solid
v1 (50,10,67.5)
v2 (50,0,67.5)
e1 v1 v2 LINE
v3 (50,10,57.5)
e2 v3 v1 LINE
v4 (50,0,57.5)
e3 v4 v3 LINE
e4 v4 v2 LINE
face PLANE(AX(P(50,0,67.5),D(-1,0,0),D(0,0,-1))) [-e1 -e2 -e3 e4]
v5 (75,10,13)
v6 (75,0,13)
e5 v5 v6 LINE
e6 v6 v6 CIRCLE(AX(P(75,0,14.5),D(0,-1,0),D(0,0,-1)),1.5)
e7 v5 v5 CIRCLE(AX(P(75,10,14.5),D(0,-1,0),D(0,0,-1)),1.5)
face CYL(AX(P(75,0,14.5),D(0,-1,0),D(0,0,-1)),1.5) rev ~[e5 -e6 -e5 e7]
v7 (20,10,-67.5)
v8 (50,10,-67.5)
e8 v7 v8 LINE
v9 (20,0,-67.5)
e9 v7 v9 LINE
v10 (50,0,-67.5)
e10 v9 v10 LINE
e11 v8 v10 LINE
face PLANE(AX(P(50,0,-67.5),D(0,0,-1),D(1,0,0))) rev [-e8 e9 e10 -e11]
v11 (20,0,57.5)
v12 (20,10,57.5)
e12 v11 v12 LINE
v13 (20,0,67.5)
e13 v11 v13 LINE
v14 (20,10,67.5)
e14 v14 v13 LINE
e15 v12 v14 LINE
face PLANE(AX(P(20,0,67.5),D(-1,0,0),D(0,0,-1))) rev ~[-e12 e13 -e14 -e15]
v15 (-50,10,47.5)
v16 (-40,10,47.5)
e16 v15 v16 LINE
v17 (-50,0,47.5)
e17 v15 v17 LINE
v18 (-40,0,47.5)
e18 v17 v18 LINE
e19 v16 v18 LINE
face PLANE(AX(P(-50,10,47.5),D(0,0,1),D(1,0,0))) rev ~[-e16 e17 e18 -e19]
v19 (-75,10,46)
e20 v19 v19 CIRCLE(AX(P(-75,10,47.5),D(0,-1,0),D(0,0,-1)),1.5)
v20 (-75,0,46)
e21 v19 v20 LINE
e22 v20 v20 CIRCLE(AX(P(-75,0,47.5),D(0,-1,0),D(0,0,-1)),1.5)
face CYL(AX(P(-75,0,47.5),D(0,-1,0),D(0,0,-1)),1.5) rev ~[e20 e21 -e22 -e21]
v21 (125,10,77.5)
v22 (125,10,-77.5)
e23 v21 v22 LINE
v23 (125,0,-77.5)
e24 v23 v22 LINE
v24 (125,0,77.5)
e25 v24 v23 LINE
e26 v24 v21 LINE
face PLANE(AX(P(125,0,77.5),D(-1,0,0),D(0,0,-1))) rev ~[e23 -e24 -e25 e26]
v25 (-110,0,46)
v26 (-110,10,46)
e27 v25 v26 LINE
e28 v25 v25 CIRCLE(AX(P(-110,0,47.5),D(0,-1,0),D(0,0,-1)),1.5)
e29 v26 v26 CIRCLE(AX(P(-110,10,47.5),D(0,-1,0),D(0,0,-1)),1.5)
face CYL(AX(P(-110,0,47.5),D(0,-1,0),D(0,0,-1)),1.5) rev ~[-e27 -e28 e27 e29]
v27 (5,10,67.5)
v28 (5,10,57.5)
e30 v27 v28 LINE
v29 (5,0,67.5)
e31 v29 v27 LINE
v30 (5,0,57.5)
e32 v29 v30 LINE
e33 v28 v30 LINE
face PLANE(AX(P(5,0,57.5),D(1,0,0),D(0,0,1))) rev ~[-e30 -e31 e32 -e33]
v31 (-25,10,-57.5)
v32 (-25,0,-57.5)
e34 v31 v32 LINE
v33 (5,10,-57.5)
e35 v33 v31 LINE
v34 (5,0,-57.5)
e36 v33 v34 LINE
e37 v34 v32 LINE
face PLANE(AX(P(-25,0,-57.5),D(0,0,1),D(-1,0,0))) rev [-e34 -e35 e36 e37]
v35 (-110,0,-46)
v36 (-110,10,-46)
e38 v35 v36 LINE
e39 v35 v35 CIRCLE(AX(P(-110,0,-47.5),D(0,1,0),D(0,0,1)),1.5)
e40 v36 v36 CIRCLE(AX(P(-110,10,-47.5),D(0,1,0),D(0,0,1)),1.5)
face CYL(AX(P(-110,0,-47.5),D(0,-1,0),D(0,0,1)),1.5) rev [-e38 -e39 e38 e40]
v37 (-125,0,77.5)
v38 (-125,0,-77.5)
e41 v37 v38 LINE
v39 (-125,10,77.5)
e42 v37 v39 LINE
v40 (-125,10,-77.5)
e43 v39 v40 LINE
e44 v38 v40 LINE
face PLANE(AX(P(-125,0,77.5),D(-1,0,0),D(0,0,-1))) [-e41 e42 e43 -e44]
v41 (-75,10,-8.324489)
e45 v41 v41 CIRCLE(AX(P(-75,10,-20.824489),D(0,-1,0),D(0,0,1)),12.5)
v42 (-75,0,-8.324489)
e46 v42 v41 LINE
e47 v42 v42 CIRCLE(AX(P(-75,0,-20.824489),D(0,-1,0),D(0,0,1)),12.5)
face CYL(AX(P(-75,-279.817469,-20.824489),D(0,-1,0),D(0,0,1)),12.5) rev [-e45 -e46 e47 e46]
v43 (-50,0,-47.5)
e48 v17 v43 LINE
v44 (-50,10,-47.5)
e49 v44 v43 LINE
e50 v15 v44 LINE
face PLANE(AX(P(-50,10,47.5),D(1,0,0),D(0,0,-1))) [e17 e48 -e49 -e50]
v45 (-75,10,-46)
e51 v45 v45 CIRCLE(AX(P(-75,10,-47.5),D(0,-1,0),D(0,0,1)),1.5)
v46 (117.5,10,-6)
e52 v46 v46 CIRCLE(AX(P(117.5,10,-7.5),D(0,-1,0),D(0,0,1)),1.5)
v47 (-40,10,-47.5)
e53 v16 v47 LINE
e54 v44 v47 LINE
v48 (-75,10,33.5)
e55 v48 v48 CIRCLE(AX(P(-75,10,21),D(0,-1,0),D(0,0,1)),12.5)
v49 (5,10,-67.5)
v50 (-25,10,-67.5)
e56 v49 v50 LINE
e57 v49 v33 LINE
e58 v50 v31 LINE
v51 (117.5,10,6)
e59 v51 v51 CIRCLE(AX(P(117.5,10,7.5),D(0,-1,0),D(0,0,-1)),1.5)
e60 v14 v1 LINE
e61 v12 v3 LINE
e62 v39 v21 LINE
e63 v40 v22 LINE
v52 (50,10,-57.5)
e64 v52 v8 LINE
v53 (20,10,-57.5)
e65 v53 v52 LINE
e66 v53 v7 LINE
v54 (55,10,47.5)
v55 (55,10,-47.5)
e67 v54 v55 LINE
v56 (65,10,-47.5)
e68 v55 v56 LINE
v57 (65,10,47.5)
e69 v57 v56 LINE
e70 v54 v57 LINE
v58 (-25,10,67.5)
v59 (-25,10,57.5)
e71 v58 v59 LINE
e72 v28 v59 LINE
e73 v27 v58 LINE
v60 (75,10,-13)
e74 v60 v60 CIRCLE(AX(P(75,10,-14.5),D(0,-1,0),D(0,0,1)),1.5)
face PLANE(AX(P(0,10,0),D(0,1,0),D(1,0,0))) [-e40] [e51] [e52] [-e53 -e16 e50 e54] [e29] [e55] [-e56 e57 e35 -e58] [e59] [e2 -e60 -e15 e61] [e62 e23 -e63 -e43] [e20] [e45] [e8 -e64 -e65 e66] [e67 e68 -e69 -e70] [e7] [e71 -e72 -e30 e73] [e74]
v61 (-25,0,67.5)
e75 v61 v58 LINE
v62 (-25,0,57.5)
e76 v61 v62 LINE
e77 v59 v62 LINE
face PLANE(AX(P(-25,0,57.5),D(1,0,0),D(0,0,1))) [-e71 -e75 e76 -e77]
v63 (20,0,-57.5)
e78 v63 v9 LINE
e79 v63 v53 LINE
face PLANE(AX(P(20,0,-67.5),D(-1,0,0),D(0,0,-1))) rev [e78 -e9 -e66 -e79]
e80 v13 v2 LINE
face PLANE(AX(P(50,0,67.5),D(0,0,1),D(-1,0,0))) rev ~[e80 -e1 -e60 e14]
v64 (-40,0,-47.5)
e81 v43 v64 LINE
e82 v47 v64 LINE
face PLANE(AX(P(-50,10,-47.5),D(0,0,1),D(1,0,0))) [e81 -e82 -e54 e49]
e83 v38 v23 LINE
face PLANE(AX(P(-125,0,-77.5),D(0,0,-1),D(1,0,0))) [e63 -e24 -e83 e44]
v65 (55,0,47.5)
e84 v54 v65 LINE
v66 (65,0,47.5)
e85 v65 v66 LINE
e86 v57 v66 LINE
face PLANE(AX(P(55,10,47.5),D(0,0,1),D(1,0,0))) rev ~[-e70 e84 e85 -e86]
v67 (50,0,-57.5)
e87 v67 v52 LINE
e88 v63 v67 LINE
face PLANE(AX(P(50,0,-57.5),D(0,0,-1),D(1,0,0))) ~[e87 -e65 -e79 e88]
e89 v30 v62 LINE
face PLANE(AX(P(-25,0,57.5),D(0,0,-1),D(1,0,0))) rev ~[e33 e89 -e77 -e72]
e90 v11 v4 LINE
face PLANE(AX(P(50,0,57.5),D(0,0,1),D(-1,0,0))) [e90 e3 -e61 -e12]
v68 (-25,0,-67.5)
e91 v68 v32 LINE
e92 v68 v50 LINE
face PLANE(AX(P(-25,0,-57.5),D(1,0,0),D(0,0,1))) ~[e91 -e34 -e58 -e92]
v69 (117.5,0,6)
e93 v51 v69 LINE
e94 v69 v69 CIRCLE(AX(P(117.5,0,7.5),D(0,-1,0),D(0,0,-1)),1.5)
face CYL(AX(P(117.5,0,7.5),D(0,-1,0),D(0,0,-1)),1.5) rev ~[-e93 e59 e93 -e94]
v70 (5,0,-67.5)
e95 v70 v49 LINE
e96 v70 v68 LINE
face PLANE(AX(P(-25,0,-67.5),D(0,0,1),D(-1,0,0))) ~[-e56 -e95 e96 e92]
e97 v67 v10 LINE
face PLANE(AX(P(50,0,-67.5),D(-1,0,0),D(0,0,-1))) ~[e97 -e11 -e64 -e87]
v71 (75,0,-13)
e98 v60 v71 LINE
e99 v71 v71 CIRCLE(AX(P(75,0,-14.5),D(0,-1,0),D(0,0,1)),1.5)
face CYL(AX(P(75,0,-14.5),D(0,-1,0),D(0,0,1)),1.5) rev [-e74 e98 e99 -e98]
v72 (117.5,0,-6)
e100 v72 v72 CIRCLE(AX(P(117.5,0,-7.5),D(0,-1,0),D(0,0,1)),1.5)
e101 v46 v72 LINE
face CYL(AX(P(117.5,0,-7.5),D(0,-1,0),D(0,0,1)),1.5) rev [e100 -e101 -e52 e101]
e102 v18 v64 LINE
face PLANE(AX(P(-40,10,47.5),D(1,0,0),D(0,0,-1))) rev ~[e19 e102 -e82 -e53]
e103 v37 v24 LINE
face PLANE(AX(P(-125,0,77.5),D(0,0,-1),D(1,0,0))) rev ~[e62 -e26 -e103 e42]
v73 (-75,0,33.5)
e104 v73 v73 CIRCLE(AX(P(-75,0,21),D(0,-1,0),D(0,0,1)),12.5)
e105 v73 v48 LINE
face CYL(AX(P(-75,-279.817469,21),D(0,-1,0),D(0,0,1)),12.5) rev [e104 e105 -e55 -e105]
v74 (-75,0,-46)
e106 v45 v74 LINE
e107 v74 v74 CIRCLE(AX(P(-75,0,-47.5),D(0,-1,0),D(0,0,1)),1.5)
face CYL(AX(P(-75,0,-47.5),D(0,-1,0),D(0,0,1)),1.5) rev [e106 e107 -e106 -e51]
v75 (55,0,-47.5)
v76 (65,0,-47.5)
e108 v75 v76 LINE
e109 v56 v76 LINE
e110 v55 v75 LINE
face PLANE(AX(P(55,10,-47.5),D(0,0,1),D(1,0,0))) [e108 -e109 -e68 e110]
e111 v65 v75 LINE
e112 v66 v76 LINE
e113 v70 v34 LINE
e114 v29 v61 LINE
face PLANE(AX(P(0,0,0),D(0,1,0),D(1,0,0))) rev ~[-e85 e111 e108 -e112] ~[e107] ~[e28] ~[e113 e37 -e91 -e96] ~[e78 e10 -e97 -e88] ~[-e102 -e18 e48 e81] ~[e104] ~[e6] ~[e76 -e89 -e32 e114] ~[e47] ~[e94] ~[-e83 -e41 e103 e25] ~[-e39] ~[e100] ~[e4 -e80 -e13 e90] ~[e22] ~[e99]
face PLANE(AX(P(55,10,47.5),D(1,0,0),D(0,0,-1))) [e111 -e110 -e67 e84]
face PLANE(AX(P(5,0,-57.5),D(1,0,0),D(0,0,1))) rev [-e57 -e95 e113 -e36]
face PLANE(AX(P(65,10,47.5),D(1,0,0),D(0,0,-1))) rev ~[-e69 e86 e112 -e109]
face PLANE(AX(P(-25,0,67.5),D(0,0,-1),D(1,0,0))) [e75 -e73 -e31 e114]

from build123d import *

# Parameters (mm, degrees)
SKETCH4_W               = 250
SKETCH4_H               = 155
BOSS_EXTRUDE2_DEPTH     = 10
SKETCH5_R               = 1.5
CUT_EXTRUDE1_DEPTH      = 10
SKETCH6_R               = 1.5
CUT_EXTRUDE2_DEPTH      = 148.415229878
CUT_EXTRUDE4_DEPTH      = 299.317469373
CUT_EXTRUDE4_DEPTH_BACK = 299.317469373
SKETCH8_R               = 12.5
SKETCH10_R              = 1.5
CUT_EXTRUDE5_DEPTH      = 148.415229878
SKETCH11_W              = 30
SKETCH11_H              = 10
CUT_EXTRUDE6_DEPTH      = 148.415229878
SKETCH12_W              = 30
SKETCH12_H              = 10
CUT_EXTRUDE7_DEPTH      = 148.415229878
SKETCH14_R              = 1.5
CUT_EXTRUDE8_DEPTH      = 148.415229878
SKETCH16_W              = 10
SKETCH16_H              = 95
CUT_EXTRUDE9_DEPTH      = 10


with BuildPart() as part:
    # Sketch4 → Boss-Extrude2 (new body)
    with BuildSketch(Plane(origin=(0, 0, 0), x_dir=(1, 0, 0), z_dir=(0, 1, 0))):
        Rectangle(SKETCH4_W, SKETCH4_H)
    extrude(amount=BOSS_EXTRUDE2_DEPTH)

    # Sketch5 → Cut-Extrude1 (cut)
    with BuildSketch(Plane.XZ):
        with Locations(Location((-110, 47.5, 0), (0, 0, 270))):
            Circle(SKETCH5_R)
    cut_extrude1 = extrude(amount=-CUT_EXTRUDE1_DEPTH, mode=Mode.SUBTRACT)

    # Mirror1: Cut-Extrude1 across plane
    add(cut_extrude1.mirror(Plane.XY), mode=Mode.SUBTRACT)

    # Sketch6 → Cut-Extrude2 (cut, symmetric)
    with BuildSketch(Plane.XZ):
        with Locations(Location((75, 14.5, 0), (0, 0, 270))):
            Circle(SKETCH6_R)
    cut_extrude2 = extrude(amount=CUT_EXTRUDE2_DEPTH, both=True, mode=Mode.SUBTRACT)

    # Mirror2: Cut-Extrude2 across plane
    add(cut_extrude2.mirror(Plane.XY), mode=Mode.SUBTRACT)

    # Sketch8 → Cut-Extrude4 (cut, two sides: drawn at the far end of the back side and taken through both)
    with BuildSketch(Plane(origin=(-47.523167836, 19.5, 165.087755447), x_dir=(1, 0, 0), z_dir=(0, 1, 0)).offset(-CUT_EXTRUDE4_DEPTH_BACK)):
        with Locations(Location((-27.476832164, 144.087755447, 0), (0, 0, 270))):
            Circle(SKETCH8_R)
        with Locations(Location((-27.476832164, 185.912244553, 0), (0, 0, 270))):
            Circle(SKETCH8_R)
    extrude(amount=CUT_EXTRUDE4_DEPTH + CUT_EXTRUDE4_DEPTH_BACK, mode=Mode.SUBTRACT)

    # Sketch10 → Cut-Extrude5 (cut, symmetric)
    with BuildSketch(Plane(origin=(0, 0, 0), x_dir=(-1, 0, 0), z_dir=(0, -1, 0))):
        with Locations(Location((75, -47.5, 0), (0, 0, 90))):
            Circle(SKETCH10_R)
    cut_extrude5 = extrude(amount=CUT_EXTRUDE5_DEPTH, both=True, mode=Mode.SUBTRACT)

    # Mirror3: Cut-Extrude5 across plane
    add(cut_extrude5.mirror(Plane.XY), mode=Mode.SUBTRACT)

    # Sketch11 → Cut-Extrude6 (cut, symmetric)
    with BuildSketch(Plane.XZ):
        with Locations((-10, 62.5)):
            Rectangle(SKETCH11_W, SKETCH11_H)
    cut_extrude6 = extrude(amount=CUT_EXTRUDE6_DEPTH, both=True, mode=Mode.SUBTRACT)

    # Sketch12 → Cut-Extrude7 (cut, symmetric)
    with BuildSketch(Plane(origin=(0, 0, 0), x_dir=(-1, 0, 0), z_dir=(0, -1, 0))):
        with Locations((-35, -62.5)):
            Rectangle(SKETCH12_W, SKETCH12_H)
    cut_extrude7 = extrude(amount=CUT_EXTRUDE7_DEPTH, both=True, mode=Mode.SUBTRACT)

    # Mirror4: Cut-Extrude6, Cut-Extrude7 across plane
    add(cut_extrude6.mirror(Plane.XY), mode=Mode.SUBTRACT)
    add(cut_extrude7.mirror(Plane.XY), mode=Mode.SUBTRACT)

    # Sketch14 → Cut-Extrude8 (cut, symmetric)
    with BuildSketch(Plane.XZ):
        with Locations(Location((117.5, 7.5, 0), (0, 0, 270))):
            Circle(SKETCH14_R)
    cut_extrude8 = extrude(amount=CUT_EXTRUDE8_DEPTH, both=True, mode=Mode.SUBTRACT)

    # Mirror5: Cut-Extrude8 across plane
    add(cut_extrude8.mirror(Plane.XY), mode=Mode.SUBTRACT)

    # Sketch16 → Cut-Extrude9 (cut)
    with BuildSketch(Plane(origin=(-47.523167836, 10, 165.087755447), x_dir=(1, 0, 0), z_dir=(0, 1, 0))):
        with Locations((107.523167836, 165.087755447)):
            Rectangle(SKETCH16_W, SKETCH16_H)
        with Locations((2.523167836, 165.087755447)):
            Rectangle(SKETCH16_W, SKETCH16_H)
    extrude(amount=-CUT_EXTRUDE9_DEPTH, mode=Mode.SUBTRACT)


solid = part.part
